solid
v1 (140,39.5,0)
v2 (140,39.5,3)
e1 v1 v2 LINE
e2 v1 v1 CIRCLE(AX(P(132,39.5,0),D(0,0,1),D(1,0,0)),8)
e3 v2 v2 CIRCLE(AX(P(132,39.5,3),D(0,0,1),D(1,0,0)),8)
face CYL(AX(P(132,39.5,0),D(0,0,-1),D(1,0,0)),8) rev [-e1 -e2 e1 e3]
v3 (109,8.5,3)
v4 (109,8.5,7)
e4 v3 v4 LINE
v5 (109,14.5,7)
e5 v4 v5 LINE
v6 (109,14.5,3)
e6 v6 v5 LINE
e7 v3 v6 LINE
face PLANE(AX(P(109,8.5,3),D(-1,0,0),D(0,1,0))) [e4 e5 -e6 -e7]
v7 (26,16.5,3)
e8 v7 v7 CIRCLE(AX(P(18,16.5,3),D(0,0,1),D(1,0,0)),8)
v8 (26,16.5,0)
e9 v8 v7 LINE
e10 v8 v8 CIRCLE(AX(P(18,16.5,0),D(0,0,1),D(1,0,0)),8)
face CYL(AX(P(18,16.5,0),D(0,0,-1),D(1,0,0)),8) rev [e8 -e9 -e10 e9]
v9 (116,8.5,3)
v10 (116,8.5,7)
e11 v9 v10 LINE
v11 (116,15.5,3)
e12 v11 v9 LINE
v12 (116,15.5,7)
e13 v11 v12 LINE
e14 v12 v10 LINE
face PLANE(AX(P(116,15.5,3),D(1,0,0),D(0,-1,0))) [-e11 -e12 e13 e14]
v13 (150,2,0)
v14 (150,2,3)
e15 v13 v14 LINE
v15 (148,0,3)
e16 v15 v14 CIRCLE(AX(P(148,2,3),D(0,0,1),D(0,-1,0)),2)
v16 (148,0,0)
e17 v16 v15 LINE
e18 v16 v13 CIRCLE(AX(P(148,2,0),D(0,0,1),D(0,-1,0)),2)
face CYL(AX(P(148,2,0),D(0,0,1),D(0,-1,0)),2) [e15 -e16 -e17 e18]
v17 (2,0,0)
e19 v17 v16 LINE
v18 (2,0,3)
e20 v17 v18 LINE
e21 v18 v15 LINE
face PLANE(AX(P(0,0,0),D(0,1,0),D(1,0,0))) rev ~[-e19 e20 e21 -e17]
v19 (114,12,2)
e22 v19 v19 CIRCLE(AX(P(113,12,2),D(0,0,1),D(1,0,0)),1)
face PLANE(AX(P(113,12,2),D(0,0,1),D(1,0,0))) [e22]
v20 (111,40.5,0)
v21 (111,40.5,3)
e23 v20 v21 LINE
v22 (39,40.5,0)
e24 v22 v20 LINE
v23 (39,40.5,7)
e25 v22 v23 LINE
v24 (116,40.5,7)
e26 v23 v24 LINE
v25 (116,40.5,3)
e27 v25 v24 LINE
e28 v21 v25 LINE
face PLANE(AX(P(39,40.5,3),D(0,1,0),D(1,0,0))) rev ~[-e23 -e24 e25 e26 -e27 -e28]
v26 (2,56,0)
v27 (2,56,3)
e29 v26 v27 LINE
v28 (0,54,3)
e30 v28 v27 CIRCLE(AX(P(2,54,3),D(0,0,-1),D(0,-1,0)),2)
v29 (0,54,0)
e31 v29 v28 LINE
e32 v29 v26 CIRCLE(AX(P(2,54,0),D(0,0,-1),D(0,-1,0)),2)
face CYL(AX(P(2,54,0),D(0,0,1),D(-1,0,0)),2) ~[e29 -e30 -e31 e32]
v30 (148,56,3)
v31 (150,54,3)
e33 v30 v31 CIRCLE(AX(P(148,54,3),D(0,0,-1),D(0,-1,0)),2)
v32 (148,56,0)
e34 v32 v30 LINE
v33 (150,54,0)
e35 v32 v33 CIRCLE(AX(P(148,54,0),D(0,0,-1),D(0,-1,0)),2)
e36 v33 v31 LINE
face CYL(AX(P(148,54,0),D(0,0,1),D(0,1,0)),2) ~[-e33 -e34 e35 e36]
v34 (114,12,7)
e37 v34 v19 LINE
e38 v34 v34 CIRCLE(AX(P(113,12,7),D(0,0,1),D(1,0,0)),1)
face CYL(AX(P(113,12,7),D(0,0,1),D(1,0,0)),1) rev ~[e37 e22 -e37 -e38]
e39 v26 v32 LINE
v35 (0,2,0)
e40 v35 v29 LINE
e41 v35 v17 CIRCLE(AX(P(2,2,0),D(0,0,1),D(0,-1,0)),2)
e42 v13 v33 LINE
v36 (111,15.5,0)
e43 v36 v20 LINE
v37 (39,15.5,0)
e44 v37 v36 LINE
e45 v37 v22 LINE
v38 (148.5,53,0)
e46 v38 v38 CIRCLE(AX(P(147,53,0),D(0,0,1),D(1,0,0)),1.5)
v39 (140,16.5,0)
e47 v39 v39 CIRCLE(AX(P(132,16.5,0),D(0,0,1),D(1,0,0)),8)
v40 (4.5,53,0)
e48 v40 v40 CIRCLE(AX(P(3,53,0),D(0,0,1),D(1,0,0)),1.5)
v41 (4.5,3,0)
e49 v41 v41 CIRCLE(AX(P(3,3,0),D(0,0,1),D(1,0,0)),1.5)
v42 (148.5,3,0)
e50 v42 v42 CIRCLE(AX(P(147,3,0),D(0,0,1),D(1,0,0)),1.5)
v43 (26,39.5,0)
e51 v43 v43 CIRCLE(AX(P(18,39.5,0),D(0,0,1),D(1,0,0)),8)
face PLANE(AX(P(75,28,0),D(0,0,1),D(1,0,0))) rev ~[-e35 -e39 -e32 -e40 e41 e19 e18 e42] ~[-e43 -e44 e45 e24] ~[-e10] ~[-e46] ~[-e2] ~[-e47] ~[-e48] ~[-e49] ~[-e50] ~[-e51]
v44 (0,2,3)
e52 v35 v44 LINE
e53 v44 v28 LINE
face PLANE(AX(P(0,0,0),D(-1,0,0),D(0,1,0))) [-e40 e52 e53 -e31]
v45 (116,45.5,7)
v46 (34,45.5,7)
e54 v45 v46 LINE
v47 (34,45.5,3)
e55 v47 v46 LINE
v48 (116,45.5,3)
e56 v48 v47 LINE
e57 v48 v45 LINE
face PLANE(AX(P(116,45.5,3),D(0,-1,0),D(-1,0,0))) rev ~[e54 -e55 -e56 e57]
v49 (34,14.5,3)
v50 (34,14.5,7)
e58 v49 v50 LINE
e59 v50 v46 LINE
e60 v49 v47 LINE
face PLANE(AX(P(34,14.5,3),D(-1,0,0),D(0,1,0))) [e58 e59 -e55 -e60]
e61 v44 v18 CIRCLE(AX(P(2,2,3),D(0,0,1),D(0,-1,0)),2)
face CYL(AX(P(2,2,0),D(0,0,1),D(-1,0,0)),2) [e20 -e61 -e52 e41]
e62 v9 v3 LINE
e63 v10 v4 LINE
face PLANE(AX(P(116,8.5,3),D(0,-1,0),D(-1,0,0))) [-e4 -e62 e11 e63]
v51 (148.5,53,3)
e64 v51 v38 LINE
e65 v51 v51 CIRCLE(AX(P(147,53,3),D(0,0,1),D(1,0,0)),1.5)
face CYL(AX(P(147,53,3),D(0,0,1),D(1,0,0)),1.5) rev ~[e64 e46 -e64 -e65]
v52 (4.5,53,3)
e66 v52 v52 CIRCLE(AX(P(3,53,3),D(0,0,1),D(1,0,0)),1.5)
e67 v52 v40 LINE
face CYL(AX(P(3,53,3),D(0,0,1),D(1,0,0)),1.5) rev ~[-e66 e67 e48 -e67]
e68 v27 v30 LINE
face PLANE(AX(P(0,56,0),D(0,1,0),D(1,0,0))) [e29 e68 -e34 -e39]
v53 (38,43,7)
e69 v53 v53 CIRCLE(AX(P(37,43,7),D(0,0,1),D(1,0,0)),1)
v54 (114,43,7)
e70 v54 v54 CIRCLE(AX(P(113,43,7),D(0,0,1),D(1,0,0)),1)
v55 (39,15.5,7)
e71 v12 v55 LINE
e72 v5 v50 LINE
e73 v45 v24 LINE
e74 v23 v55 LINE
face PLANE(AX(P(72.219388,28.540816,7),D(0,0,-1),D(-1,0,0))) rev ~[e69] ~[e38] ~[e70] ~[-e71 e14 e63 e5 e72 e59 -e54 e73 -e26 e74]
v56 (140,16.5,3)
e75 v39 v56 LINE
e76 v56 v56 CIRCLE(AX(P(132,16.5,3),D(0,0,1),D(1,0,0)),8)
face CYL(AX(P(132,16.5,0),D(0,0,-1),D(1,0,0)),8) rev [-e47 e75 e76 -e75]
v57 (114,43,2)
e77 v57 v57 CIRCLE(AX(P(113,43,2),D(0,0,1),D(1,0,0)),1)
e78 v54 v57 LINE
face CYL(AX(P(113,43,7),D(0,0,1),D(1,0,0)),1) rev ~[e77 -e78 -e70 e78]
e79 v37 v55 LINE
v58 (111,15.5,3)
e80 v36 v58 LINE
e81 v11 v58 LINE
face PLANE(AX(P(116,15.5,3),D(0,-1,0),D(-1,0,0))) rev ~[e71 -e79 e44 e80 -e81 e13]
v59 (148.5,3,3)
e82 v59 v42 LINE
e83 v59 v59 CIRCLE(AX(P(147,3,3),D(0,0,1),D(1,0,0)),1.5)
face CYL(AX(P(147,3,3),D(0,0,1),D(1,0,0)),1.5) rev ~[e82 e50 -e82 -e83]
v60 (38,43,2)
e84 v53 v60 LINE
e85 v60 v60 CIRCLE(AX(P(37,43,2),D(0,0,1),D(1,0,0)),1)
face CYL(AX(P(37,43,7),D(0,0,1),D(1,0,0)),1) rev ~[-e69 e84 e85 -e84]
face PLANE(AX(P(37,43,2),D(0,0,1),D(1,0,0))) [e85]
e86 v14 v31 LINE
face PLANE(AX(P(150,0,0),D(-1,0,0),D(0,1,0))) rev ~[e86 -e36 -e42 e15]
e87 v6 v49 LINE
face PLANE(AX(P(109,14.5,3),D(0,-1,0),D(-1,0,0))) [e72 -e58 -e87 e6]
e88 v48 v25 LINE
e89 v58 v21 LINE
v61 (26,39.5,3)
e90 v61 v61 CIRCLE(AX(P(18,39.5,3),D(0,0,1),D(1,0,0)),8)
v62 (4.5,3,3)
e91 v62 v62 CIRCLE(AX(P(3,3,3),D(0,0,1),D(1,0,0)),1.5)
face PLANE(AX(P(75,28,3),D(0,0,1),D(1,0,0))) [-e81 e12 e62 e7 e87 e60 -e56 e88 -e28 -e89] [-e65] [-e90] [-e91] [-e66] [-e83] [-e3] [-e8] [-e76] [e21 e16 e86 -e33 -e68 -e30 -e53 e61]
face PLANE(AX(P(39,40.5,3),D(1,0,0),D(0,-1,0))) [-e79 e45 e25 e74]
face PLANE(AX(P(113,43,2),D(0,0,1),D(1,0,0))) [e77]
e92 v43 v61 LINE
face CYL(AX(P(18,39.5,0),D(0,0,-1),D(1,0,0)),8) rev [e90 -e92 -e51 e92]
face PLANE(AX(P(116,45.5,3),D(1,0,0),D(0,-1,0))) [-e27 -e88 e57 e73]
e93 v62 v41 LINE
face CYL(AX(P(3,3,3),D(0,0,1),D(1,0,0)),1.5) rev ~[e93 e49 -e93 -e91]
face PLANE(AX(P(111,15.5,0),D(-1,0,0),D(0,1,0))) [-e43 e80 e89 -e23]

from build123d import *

# Parameters (mm, degrees)
SKETCH_W        = 150
SKETCH_H        = 56
SKETCH_R        = 8
SKETCH_W_2      = 72
SKETCH_H_2      = 25
PAD_DEPTH       = 3
PAD001_DEPTH    = 4
SKETCH002_R     = 1.5
POCKET_DEPTH    = 5
SKETCH003_R     = 1
POCKET001_DEPTH = 5
FILLET_R        = 2


with BuildPart() as part:
    # Sketch → Pad (new body)
    with BuildSketch(Plane.XY):
        with Locations((75, 28)):
            Rectangle(SKETCH_W, SKETCH_H)
        with Locations((18, 16.5)):
            Circle(SKETCH_R, mode=Mode.SUBTRACT)
        with Locations((18, 39.5)):
            Circle(SKETCH_R, mode=Mode.SUBTRACT)
        with Locations((132, 16.5)):
            Circle(SKETCH_R, mode=Mode.SUBTRACT)
        with Locations((132, 39.5)):
            Circle(SKETCH_R, mode=Mode.SUBTRACT)
        with Locations((75, 28)):
            Rectangle(SKETCH_W_2, SKETCH_H_2, mode=Mode.SUBTRACT)
    extrude(amount=PAD_DEPTH)

    # Sketch001 (on Face14 of Pad) → Pad001 (join)
    with BuildSketch(Plane.XY.offset(3)):
        Polygon((39, 15.5), (111, 15.5), (116, 15.5), (116, 8.5), (109, 8.5), (109, 14.5), (34, 14.5), (34, 45.5), (111, 45.5), (116, 45.5), (116, 40.5), (111, 40.5), (39, 40.5), align=None)
    extrude(amount=PAD001_DEPTH)

    # Sketch002 (on Face5 of Pad001) → Pocket (cut)
    with BuildSketch(Plane.XY.offset(3)):
        with Locations((3, 53)):
            Circle(SKETCH002_R)
        with Locations((147, 53)):
            Circle(SKETCH002_R)
        with Locations((3, 3)):
            Circle(SKETCH002_R)
        with Locations((147, 3)):
            Circle(SKETCH002_R)
    extrude(amount=-POCKET_DEPTH, mode=Mode.SUBTRACT)

    # Sketch003 (on Face32 of Pocket) → Pocket001 (cut)
    with BuildSketch(Plane.XY.offset(7)):
        with Locations((37, 43)):
            Circle(SKETCH003_R)
        with Locations((113, 43)):
            Circle(SKETCH003_R)
        with Locations((113, 12)):
            Circle(SKETCH003_R)
    extrude(amount=-POCKET001_DEPTH, mode=Mode.SUBTRACT)

    # Fillet
    fillet_edges = [part.edges().sort_by_distance(p)[0] for p in [
        (0, 0, 1.5),
        (0, 56, 1.5),
        (150, 0, 1.5),
        (150, 56, 1.5),
    ]]
    fillet(fillet_edges, radius=FILLET_R)


solid = part.part
